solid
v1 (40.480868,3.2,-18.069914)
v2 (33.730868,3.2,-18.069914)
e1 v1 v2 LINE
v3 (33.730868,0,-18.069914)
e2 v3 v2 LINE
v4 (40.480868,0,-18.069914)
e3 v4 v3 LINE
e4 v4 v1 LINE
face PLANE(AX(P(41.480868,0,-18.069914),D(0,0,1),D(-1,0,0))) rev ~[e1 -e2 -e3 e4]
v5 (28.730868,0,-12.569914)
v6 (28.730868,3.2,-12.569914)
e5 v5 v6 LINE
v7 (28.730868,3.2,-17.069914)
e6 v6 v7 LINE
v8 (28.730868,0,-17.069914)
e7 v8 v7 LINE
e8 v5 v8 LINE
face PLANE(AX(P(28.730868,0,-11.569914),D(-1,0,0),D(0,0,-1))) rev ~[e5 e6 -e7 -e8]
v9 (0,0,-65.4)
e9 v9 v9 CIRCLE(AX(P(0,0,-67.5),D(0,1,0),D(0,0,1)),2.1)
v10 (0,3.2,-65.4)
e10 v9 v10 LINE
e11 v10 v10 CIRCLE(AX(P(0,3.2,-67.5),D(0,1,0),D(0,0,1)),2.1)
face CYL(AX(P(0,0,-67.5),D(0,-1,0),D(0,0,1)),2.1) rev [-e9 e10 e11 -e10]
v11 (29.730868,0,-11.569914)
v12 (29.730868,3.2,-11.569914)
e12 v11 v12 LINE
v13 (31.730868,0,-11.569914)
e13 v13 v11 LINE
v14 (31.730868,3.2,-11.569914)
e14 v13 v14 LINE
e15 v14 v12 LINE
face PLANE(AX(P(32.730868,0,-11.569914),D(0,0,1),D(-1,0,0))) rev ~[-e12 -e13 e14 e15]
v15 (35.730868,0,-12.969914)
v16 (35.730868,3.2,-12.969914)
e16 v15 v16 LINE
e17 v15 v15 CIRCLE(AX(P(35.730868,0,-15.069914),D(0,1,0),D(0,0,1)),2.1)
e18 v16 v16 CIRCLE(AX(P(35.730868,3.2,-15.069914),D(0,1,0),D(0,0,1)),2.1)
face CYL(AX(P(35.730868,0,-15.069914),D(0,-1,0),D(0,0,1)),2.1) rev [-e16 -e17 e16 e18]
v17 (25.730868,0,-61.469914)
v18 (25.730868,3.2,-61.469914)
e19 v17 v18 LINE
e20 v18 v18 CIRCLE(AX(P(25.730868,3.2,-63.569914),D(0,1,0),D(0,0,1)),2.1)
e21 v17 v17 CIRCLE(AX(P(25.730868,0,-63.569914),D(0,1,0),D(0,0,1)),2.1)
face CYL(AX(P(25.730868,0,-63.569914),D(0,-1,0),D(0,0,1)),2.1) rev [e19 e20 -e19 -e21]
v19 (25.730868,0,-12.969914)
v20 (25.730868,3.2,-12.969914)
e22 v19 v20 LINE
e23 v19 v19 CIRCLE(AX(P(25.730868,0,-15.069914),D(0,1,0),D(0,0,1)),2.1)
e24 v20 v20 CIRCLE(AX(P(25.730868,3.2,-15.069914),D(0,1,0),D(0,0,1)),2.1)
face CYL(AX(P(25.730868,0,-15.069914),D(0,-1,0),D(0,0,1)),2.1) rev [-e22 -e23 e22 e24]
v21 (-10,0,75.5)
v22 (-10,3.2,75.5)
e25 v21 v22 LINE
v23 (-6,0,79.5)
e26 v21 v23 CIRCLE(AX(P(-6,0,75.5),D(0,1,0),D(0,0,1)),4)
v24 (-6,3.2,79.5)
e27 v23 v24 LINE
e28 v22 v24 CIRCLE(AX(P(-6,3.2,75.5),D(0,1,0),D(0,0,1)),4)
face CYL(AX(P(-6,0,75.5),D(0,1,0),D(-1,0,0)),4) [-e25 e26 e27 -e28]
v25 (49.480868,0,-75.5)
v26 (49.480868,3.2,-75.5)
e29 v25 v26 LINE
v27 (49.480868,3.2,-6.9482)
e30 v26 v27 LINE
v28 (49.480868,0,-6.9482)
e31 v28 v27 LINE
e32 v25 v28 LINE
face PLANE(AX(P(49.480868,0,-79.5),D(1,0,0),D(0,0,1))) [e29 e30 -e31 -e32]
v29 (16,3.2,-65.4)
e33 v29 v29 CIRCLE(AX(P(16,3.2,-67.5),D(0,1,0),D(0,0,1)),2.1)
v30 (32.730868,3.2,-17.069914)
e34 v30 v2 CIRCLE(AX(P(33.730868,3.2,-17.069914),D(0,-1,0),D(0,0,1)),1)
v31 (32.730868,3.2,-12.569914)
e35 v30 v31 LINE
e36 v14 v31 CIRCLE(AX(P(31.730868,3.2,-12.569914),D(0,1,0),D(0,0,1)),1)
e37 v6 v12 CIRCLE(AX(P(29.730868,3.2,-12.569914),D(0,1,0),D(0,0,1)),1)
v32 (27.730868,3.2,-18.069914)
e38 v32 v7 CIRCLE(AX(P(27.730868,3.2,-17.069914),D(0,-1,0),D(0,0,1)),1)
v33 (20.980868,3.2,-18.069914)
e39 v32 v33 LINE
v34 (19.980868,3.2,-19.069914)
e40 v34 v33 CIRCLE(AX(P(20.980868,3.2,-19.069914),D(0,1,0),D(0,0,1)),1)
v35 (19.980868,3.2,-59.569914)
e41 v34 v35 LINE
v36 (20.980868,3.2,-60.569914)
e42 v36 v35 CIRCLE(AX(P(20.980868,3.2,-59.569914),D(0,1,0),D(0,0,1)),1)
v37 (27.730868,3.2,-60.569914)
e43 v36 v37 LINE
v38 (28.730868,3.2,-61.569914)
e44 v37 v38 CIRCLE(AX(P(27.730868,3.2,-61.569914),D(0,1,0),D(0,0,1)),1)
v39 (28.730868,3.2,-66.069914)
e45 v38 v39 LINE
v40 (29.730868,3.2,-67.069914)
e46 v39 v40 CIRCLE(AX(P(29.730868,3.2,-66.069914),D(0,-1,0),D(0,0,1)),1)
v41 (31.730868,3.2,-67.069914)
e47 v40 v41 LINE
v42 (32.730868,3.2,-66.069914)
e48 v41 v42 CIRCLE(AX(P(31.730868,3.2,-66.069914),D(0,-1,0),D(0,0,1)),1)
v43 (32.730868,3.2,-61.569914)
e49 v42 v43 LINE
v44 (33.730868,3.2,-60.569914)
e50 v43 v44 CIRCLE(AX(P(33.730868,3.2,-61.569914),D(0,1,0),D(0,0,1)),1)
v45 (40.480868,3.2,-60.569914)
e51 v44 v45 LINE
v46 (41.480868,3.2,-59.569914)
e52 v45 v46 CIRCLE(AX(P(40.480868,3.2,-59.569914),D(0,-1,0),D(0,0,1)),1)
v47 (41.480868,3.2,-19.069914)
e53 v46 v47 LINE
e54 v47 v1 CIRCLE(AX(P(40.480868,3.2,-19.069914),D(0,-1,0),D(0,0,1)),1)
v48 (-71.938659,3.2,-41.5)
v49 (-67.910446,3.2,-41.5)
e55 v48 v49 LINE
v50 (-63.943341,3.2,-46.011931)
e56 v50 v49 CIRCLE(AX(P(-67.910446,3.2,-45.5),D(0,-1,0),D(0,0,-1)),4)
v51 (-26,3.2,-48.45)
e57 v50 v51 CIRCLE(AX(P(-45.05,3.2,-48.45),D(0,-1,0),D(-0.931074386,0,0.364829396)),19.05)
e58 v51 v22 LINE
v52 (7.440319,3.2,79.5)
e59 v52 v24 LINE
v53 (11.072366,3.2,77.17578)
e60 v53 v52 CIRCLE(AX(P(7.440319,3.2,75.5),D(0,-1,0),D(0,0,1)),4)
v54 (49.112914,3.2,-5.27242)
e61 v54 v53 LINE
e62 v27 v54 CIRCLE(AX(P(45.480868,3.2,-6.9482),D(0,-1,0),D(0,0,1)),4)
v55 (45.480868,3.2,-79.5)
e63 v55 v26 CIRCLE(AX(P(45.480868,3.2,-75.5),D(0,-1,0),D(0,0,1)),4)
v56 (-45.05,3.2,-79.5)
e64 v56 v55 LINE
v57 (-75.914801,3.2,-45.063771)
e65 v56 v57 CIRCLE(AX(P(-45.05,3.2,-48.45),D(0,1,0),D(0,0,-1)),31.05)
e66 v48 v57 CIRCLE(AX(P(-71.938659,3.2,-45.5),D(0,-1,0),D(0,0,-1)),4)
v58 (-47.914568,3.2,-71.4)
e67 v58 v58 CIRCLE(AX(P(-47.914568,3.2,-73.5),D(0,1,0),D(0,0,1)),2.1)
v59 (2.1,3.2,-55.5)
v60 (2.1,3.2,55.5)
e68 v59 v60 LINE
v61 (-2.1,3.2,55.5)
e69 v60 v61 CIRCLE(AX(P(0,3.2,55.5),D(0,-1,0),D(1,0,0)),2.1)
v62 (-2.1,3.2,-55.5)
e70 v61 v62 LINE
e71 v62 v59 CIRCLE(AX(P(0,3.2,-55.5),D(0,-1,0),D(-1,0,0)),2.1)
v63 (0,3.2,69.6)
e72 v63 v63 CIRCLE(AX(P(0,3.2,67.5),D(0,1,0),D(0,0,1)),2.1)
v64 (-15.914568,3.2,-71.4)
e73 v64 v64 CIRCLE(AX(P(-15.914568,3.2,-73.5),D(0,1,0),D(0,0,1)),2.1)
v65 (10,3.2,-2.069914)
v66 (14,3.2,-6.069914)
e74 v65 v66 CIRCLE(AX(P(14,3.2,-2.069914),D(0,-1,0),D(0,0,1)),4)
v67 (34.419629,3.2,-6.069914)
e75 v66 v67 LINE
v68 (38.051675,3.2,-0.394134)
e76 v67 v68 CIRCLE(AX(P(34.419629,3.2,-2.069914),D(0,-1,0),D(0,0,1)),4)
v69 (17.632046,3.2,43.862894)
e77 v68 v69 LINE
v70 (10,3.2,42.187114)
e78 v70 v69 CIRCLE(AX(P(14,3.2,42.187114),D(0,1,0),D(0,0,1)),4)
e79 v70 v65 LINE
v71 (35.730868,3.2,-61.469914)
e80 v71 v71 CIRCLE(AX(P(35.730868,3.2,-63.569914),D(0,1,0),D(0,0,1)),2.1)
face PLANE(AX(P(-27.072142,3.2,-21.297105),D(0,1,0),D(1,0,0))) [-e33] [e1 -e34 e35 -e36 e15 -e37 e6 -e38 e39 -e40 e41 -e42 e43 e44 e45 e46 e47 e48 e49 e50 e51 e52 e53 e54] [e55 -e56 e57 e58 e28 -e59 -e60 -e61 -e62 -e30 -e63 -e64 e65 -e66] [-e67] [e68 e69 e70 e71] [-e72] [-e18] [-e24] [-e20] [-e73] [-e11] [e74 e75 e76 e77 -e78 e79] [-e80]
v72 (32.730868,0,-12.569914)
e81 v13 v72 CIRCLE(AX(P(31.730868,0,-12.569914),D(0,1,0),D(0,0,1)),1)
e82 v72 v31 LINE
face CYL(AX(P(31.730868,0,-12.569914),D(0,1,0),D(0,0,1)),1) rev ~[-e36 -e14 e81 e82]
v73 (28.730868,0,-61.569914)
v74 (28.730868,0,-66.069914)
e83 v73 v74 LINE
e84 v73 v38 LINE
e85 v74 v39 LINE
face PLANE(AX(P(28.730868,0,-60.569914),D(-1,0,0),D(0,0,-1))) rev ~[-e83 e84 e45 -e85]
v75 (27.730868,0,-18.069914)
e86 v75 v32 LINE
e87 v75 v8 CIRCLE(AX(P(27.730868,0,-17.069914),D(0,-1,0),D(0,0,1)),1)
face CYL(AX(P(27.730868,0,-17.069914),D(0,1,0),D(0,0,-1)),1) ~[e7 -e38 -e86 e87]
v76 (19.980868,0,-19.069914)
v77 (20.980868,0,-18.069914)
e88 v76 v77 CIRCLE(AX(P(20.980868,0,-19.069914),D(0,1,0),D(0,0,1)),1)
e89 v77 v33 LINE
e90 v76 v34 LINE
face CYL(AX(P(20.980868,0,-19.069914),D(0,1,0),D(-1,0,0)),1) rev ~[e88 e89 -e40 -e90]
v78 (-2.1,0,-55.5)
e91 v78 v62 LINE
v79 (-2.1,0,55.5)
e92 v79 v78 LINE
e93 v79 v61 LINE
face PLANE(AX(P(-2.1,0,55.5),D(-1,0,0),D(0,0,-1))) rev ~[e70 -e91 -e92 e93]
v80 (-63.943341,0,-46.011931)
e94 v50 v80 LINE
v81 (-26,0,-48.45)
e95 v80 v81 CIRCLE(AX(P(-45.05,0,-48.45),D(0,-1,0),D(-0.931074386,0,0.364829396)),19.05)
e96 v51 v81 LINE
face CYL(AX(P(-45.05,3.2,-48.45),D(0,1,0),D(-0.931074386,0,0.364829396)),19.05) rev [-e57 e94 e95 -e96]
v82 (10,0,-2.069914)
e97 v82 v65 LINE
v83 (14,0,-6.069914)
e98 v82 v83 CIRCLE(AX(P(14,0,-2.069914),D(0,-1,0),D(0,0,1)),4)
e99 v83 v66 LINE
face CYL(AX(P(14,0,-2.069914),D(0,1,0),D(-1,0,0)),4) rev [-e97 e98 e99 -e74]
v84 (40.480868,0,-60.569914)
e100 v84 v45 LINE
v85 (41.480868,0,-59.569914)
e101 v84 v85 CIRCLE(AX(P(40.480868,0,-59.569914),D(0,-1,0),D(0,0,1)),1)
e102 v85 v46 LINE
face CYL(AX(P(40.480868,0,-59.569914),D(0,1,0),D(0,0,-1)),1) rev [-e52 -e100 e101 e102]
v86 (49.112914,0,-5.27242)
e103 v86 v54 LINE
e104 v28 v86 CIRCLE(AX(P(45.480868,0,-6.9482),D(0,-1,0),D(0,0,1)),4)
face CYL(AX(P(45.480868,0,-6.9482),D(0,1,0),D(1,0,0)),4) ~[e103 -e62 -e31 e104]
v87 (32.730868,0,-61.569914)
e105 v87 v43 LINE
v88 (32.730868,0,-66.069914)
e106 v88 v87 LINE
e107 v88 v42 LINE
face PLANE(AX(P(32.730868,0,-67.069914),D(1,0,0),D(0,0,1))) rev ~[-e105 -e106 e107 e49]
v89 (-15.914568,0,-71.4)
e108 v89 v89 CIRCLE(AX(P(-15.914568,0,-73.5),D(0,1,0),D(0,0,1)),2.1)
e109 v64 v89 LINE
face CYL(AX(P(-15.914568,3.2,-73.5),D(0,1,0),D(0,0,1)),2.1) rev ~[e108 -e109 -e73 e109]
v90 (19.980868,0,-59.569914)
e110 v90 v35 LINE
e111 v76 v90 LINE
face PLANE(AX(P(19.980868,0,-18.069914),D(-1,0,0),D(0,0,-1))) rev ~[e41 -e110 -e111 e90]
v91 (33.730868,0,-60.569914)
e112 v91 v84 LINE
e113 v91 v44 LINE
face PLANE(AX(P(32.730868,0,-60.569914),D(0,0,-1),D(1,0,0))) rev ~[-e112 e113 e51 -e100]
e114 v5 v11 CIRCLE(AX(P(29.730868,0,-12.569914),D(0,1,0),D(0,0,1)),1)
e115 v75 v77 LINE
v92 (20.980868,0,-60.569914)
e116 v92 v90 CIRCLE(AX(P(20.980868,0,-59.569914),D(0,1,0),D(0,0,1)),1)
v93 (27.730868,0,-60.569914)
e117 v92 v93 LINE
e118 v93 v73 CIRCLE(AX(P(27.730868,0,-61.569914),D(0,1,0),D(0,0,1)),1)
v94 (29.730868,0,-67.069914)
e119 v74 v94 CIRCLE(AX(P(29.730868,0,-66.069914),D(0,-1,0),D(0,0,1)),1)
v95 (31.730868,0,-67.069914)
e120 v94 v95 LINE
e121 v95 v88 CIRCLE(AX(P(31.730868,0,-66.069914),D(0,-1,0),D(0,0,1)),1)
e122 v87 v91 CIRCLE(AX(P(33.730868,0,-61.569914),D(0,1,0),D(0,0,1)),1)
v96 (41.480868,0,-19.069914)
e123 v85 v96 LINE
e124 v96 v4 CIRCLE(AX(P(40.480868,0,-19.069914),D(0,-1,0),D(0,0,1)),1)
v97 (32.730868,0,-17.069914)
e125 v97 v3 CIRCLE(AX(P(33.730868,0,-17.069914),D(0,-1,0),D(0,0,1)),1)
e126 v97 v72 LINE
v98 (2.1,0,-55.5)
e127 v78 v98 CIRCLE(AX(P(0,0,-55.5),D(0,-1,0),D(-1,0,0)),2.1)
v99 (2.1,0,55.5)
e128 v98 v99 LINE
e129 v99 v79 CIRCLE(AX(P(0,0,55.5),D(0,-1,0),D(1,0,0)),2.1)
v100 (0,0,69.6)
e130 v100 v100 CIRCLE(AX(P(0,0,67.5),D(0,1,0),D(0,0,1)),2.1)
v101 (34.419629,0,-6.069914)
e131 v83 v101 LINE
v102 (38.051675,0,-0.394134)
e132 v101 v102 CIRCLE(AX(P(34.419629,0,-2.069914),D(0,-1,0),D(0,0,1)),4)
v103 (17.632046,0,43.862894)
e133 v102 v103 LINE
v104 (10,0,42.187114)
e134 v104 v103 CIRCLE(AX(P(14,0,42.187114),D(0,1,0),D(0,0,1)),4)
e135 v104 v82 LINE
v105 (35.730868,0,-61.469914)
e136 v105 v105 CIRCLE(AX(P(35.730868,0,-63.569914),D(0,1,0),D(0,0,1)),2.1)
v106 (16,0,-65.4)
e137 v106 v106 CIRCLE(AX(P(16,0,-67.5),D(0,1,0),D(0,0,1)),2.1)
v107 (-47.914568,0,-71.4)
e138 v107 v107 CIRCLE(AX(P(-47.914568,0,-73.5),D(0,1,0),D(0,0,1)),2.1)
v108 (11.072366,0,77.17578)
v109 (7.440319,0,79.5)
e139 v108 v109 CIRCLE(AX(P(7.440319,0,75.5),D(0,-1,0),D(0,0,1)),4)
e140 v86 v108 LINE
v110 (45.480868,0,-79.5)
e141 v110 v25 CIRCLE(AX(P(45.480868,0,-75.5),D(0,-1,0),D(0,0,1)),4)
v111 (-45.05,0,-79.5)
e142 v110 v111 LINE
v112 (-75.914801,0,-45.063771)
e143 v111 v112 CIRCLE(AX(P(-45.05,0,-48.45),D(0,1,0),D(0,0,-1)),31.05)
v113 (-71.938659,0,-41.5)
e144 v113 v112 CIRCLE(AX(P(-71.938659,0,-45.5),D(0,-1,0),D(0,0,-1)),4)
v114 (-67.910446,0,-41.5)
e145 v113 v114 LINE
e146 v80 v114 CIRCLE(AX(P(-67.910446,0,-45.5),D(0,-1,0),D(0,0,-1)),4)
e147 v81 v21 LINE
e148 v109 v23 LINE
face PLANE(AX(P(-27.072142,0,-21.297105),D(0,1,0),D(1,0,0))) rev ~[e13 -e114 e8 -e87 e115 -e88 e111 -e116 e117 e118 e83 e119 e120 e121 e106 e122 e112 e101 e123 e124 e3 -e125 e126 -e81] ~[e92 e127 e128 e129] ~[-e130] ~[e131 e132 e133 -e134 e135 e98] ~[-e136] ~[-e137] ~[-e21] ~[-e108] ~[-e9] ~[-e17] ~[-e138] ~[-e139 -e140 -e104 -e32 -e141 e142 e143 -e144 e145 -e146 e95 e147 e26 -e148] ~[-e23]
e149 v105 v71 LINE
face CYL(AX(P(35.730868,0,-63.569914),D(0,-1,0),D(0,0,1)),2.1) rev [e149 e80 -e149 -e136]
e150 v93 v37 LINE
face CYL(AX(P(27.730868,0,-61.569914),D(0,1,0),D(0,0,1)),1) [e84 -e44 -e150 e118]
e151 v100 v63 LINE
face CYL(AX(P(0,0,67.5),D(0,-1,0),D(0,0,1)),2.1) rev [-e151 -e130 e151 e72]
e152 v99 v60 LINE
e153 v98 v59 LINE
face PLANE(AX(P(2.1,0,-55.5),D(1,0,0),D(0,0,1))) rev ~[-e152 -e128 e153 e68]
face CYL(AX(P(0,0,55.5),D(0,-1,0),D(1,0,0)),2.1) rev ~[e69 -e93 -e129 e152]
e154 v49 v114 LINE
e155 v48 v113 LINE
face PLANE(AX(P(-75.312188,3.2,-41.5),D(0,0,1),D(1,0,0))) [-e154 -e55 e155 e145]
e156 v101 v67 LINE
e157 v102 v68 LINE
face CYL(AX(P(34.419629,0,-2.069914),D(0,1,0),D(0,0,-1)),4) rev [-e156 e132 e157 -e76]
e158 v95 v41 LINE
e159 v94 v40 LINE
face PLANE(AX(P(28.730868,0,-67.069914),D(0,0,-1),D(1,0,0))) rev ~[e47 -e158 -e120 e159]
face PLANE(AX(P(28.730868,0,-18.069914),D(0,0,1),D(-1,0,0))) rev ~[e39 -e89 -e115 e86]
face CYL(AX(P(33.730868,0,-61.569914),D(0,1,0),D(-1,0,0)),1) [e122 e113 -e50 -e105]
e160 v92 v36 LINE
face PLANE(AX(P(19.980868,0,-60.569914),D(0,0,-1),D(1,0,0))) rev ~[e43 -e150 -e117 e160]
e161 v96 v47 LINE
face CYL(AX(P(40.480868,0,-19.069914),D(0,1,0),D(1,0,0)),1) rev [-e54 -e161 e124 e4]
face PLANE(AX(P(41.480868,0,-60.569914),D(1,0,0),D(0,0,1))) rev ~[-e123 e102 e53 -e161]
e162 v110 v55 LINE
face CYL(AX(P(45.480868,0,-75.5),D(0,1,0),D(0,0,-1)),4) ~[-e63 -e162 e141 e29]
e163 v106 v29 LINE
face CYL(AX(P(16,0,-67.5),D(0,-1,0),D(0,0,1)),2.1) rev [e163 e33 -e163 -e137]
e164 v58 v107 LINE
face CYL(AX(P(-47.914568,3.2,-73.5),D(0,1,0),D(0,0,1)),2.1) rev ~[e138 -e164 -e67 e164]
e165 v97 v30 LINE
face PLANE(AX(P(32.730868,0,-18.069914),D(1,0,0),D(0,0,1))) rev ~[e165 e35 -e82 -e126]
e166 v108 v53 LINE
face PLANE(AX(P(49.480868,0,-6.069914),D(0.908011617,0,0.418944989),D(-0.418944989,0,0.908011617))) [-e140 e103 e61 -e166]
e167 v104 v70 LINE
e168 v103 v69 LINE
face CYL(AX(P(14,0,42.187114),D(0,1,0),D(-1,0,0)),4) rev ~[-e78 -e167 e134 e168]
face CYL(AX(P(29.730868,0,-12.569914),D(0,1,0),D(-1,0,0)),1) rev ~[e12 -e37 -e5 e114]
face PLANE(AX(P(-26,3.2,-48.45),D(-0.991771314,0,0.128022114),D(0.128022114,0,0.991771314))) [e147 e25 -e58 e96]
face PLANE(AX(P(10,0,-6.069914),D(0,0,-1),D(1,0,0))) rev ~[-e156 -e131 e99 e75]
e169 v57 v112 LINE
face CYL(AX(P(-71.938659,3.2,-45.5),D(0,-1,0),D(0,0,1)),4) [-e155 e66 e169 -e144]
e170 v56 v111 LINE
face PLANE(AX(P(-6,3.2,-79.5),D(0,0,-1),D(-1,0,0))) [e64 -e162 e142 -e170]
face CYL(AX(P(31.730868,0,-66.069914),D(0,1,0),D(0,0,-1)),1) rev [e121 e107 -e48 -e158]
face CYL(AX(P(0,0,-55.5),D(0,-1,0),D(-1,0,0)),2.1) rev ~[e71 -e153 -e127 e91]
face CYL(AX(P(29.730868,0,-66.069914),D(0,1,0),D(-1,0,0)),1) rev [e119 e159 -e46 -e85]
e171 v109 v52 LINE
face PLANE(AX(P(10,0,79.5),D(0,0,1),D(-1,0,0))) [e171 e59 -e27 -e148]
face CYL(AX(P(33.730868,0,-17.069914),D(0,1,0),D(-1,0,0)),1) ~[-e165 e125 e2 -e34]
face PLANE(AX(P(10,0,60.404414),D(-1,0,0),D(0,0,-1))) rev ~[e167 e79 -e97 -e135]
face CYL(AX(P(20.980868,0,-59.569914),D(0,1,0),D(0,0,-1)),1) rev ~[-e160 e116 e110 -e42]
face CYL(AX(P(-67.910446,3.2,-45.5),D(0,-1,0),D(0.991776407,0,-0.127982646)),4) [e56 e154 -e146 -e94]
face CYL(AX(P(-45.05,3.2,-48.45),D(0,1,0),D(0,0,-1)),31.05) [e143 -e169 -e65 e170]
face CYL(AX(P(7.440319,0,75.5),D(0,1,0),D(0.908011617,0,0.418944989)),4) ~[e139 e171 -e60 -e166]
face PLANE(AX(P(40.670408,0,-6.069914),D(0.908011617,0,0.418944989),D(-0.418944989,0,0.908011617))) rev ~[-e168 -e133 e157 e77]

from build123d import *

# Parameters (mm, degrees)
SKETCH1_R           = 2.1
BOSS_EXTRUDE1_DEPTH = 3.2
FILLET1_R           = 4
FILLET2_R           = 1
SKETCH2_R           = 2.1
BOSS_EXTRUDE2_DEPTH = 3.2
FILLET3_R           = 4


with BuildPart() as part:
    # Sketch1 → Boss-Extrude1 (new body)
    with BuildSketch(Plane(origin=(0, 0, 0), x_dir=(1, 0, 0), z_dir=(0, 1, 0))):
        Polygon((10, 79.5), (49.480867985, 79.5), (49.480867985, 6.069914218), (10, -79.5), (-10, -79.5), (-10, 79.5), align=None)
        with Locations(Location((0, 67.5, 0), (0, 0, 270))):
            Circle(SKETCH1_R, mode=Mode.SUBTRACT)
        with Locations(Location((0, -67.5, 0), (0, 0, 270))):
            Circle(SKETCH1_R, mode=Mode.SUBTRACT)
        with Locations(Location((35.730867985, 63.569914218, 0), (0, 0, 270))):
            Circle(SKETCH1_R, mode=Mode.SUBTRACT)
        with Locations(Location((25.730867985, 63.569914218, 0), (0, 0, 270))):
            Circle(SKETCH1_R, mode=Mode.SUBTRACT)
        with Locations(Location((25.730867985, 15.069914218, 0), (0, 0, 270))):
            Circle(SKETCH1_R, mode=Mode.SUBTRACT)
        with Locations(Location((35.730867985, 15.069914218, 0), (0, 0, 270))):
            Circle(SKETCH1_R, mode=Mode.SUBTRACT)
        with Locations(Location((16, 67.5, 0), (0, 0, 270))):
            Circle(SKETCH1_R, mode=Mode.SUBTRACT)
        Polygon((19.980867985, 60.569914218), (28.730867985, 60.569914218), (28.730867985, 67.069914218), (32.730867985, 67.069914218), (32.730867985, 60.569914218), (41.480867985, 60.569914218), (41.480867985, 18.069914218), (32.730867985, 18.069914218), (32.730867985, 11.569914218), (28.730867985, 11.569914218), (28.730867985, 18.069914218), (19.980867985, 18.069914218), align=None, mode=Mode.SUBTRACT)
        with BuildLine():
            Line((-2.1, -55.5), (-2.1, 55.5))
            ThreePointArc((-2.1, 55.5), (0, 57.6), (2.1, 55.5))
            Line((2.1, 55.5), (2.1, -55.5))
            ThreePointArc((2.1, -55.5), (0, -57.6), (-2.1, -55.5))
        make_face(mode=Mode.SUBTRACT)
        Polygon((10, -60.404414159), (10, 6.069914218), (40.670408017, 6.069914218), align=None, mode=Mode.SUBTRACT)
    extrude(amount=BOSS_EXTRUDE1_DEPTH)

    # Fillet1
    fillet1_edges = [part.edges().sort_by_distance(p)[0] for p in [
        (-10, 1.6, -79.5),
        (49.480867985, 1.6, -79.5),
        (49.480867985, 1.6, -6.069914218),
        (10, 1.6, 79.5),
        (-10, 1.6, 79.5),
        (10, 1.6, 60.404414159),
        (40.670408017, 1.6, -6.069914218),
        (10, 1.6, -6.069914218),
    ]]
    fillet(fillet1_edges, radius=FILLET1_R)

    # Fillet2
    fillet2_edges = [part.edges().sort_by_distance(p)[0] for p in [
        (32.730867985, 1.6, -18.069914218),
        (41.480867985, 1.6, -18.069914218),
        (41.480867985, 1.6, -60.569914218),
        (32.730867985, 1.6, -60.569914218),
        (32.730867985, 1.6, -67.069914218),
        (28.730867985, 1.6, -67.069914218),
        (28.730867985, 1.6, -60.569914218),
        (19.980867985, 1.6, -60.569914218),
        (19.980867985, 1.6, -18.069914218),
        (28.730867985, 1.6, -18.069914218),
        (28.730867985, 1.6, -11.569914218),
        (32.730867985, 1.6, -11.569914218),
    ]]
    fillet(fillet2_edges, radius=FILLET2_R)

    # Sketch2 → Boss-Extrude2 (add)
    with BuildSketch(Plane(origin=(0, 3.2, 0), x_dir=(1, 0, 0), z_dir=(0, 1, 0))):
        with BuildLine():
            Line((-6, 79.5), (-45.05, 79.5))
            ThreePointArc((-45.05, 79.5), (-69.338886347, 67.793021998), (-75.312187627, 41.5))
            Line((-75.312187627, 41.5), (-62.786967046, 41.5))
            ThreePointArc((-62.786967046, 41.5), (-48.586472661, 67.168863777), (-26, 48.45))
            Line((-26, 48.45), (-10, -75.5))
            Line((-10, -75.5), (-10, 75.5))
            ThreePointArc((-10, 75.5), (-8.828427125, 78.328427125), (-6, 79.5))
        make_face()
        with Locations(Location((-47.914568138, 73.5, 0), (0, 0, 270))):
            Circle(SKETCH2_R, mode=Mode.SUBTRACT)
        with Locations(Location((-15.914568138, 73.5, 0), (0, 0, 270))):
            Circle(SKETCH2_R, mode=Mode.SUBTRACT)
    extrude(amount=-BOSS_EXTRUDE2_DEPTH)

    # Fillet3
    fillet3_edges = [part.edges().sort_by_distance(p)[0] for p in [
        (-62.786967046, 1.6, -41.5),
        (-75.312187627, 1.6, -41.5),
    ]]
    fillet(fillet3_edges, radius=FILLET3_R)


solid = part.part
